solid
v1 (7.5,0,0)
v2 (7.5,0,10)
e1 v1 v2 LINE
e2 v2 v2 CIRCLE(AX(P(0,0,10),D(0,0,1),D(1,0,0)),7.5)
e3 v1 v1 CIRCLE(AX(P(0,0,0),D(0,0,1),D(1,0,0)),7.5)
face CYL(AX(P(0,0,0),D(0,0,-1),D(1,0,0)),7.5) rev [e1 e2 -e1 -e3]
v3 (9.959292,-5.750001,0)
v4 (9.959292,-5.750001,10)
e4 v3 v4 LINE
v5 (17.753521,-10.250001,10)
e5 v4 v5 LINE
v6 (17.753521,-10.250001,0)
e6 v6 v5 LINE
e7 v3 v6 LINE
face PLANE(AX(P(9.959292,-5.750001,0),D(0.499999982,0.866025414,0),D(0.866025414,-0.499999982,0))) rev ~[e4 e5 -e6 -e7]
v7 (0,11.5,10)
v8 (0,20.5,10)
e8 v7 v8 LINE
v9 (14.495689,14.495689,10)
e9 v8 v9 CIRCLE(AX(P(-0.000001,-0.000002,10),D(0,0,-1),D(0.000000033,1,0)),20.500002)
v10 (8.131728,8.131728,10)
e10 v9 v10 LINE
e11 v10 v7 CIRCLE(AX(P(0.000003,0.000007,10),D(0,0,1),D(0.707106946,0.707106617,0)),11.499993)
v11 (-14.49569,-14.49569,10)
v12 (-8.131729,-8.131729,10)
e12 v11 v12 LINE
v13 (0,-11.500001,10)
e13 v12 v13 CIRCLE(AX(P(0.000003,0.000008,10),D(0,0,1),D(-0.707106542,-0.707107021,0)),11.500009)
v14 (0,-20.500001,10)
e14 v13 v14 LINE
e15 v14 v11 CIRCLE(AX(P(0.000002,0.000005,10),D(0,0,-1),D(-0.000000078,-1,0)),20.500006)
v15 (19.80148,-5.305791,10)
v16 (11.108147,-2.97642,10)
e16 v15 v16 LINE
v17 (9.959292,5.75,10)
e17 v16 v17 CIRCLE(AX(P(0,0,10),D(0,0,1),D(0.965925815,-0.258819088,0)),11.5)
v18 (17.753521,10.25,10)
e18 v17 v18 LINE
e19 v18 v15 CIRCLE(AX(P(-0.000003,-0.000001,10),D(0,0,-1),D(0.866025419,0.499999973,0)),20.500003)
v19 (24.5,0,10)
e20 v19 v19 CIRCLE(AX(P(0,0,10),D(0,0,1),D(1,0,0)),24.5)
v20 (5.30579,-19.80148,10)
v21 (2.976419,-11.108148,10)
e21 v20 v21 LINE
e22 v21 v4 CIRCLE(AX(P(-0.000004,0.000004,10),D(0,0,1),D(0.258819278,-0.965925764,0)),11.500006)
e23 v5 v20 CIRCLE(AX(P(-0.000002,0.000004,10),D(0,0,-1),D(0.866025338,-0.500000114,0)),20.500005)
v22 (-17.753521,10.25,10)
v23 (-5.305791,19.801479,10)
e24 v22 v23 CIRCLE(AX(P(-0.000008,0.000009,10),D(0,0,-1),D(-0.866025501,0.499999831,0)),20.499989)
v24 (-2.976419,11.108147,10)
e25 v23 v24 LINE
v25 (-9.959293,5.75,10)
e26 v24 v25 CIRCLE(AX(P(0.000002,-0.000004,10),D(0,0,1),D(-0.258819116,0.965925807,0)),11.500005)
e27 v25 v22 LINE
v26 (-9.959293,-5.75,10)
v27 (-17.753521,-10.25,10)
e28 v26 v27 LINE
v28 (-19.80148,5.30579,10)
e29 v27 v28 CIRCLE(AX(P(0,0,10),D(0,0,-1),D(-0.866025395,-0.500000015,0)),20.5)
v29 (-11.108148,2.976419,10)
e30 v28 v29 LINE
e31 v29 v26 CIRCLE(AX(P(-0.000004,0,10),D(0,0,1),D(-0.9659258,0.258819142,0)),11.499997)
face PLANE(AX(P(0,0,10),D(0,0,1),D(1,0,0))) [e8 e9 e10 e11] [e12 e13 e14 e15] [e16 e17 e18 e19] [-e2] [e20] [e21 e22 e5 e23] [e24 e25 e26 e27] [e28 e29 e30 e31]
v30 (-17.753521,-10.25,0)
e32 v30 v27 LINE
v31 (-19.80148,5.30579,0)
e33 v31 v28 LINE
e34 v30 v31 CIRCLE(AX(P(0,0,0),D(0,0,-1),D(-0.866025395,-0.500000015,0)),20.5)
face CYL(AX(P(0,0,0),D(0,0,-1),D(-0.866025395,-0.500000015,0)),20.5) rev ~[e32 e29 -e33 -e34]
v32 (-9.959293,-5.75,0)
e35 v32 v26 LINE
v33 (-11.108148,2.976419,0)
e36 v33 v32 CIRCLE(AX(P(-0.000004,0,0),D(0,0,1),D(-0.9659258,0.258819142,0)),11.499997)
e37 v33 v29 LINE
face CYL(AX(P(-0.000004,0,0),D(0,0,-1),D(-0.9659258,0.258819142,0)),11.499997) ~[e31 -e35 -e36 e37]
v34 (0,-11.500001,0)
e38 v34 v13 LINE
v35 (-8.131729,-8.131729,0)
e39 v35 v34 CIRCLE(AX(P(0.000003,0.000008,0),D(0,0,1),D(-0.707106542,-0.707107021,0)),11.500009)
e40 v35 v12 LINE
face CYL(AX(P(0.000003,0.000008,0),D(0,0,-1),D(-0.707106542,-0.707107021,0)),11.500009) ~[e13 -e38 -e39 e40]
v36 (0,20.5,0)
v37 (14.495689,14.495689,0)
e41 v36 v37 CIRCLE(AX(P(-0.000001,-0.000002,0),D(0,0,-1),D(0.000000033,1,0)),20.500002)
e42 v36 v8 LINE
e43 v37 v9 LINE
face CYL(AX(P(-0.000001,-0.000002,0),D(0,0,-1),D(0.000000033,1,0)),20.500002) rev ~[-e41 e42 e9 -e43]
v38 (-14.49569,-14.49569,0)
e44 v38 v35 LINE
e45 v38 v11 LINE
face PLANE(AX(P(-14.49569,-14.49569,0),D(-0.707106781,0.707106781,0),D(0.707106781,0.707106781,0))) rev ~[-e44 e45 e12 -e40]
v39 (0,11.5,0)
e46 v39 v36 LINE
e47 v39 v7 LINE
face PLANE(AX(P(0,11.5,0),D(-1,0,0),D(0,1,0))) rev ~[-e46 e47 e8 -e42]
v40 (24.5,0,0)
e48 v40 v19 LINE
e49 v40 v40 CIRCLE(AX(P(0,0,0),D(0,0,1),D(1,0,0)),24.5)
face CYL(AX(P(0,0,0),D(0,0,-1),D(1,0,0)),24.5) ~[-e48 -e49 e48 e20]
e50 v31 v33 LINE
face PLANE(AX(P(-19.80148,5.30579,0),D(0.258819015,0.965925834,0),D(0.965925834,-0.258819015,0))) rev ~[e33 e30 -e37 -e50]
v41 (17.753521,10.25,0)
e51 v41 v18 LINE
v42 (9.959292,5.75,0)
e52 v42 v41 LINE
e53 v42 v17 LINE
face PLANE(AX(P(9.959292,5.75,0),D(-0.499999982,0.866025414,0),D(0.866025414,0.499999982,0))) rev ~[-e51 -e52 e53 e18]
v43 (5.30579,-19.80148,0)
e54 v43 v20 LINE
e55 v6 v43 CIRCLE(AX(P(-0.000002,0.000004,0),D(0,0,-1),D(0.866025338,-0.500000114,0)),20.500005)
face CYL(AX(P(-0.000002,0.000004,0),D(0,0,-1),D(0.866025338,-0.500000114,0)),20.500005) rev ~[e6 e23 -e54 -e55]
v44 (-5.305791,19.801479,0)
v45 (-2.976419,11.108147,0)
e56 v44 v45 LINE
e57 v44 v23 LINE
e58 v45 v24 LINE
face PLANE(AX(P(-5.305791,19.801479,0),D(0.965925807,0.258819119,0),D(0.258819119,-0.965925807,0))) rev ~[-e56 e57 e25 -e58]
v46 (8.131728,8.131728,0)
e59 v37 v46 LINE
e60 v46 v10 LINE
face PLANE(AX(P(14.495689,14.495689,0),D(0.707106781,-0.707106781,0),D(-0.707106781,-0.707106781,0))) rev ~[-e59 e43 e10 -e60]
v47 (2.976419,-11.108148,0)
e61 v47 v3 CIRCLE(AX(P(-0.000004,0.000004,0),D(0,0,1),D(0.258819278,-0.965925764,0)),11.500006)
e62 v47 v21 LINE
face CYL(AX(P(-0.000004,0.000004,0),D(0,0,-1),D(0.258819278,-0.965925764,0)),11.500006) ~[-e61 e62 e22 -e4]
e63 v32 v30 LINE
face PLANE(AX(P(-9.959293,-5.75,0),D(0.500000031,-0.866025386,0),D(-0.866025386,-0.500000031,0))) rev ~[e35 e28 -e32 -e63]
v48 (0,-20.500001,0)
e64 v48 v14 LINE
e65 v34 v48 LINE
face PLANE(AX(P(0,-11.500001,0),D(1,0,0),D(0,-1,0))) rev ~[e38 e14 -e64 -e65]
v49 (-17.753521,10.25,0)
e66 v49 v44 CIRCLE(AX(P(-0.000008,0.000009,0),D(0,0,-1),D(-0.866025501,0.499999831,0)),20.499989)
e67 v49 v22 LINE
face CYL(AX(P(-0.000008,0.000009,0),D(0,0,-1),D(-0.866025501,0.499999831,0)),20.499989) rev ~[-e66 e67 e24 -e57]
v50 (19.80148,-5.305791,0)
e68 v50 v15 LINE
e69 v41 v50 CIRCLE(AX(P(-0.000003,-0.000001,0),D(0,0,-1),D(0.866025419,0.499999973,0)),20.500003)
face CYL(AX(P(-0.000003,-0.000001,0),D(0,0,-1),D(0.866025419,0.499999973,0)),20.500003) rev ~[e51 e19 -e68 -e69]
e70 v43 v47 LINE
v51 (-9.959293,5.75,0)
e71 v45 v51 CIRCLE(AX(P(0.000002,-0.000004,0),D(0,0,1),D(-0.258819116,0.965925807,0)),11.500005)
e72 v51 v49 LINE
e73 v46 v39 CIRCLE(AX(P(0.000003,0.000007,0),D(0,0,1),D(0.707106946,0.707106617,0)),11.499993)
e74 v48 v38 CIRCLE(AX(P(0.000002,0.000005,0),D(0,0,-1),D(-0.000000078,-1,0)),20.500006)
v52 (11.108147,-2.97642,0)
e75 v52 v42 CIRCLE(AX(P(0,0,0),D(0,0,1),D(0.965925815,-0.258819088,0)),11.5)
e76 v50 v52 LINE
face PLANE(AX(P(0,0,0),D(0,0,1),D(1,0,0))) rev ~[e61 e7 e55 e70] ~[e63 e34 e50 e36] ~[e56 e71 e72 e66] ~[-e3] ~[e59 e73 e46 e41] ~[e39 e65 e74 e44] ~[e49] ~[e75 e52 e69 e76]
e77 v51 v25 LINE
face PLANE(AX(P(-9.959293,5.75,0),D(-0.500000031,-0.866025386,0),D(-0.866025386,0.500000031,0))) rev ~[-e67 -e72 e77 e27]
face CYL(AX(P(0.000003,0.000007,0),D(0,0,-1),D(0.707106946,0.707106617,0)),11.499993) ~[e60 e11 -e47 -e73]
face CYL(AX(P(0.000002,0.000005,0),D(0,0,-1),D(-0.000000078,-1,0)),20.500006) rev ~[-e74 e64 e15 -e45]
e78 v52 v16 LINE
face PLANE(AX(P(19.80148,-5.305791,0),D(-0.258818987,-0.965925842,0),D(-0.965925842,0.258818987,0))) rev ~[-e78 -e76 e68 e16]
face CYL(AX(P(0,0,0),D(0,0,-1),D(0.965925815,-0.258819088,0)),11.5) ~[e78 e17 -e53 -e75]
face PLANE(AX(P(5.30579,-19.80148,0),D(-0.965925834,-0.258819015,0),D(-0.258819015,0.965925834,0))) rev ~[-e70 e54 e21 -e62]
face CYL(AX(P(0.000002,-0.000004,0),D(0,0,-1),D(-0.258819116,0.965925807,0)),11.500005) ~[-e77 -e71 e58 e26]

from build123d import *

# Parameters (mm, degrees)
F0_R     = 24.5
F0_R_2   = 7.5
F1_DEPTH = 10


with BuildPart() as f1:
    # F0 (on Top) → F1 (new body)
    with BuildSketch(Plane.XY):
        Circle(F0_R)
        with BuildLine():
            Line((0, -11.500001), (0, -20.500001))
            ThreePointArc((0, -20.500001), (-7.845011, -18.939531), (-14.49569, -14.49569))
            Line((-14.49569, -14.49569), (-8.131729, -8.131729))
            ThreePointArc((-8.131729, -8.131729), (-4.40086, -10.624615), (0, -11.500001))
        make_face(mode=Mode.SUBTRACT)
        with BuildLine():
            Line((-9.959293, -5.75), (-17.753521, -10.25))
            ThreePointArc((-17.753521, -10.25), (-20.32462, -2.675787), (-19.80148, 5.30579))
            Line((-19.80148, 5.30579), (-11.108148, 2.976419))
            ThreePointArc((-11.108148, 2.976419), (-11.401617, -1.501052), (-9.959293, -5.75))
        make_face(mode=Mode.SUBTRACT)
        Circle(F0_R_2, mode=Mode.SUBTRACT)
        with BuildLine():
            Line((9.959292, -5.750001), (17.753521, -10.250001))
            ThreePointArc((17.753521, -10.250001), (12.479609, -16.263744), (5.30579, -19.80148))
            Line((5.30579, -19.80148), (2.976419, -11.108148))
            ThreePointArc((2.976419, -11.108148), (7.000756, -9.123564), (9.959292, -5.750001))
        make_face(mode=Mode.SUBTRACT)
        with BuildLine():
            Line((-9.959293, 5.75), (-17.753521, 10.25))
            ThreePointArc((-17.753521, 10.25), (-12.47961, 16.263744), (-5.305791, 19.801479))
            Line((-5.305791, 19.801479), (-2.976419, 11.108147))
            ThreePointArc((-2.976419, 11.108147), (-7.000757, 9.123563), (-9.959293, 5.75))
        make_face(mode=Mode.SUBTRACT)
        with BuildLine():
            Line((9.959292, 5.75), (17.753521, 10.25))
            ThreePointArc((17.753521, 10.25), (20.32462, 2.675786), (19.80148, -5.305791))
            Line((19.80148, -5.305791), (11.108147, -2.97642))
            ThreePointArc((11.108147, -2.97642), (11.401616, 1.501051), (9.959292, 5.75))
        make_face(mode=Mode.SUBTRACT)
        with BuildLine():
            Line((0, 11.5), (0, 20.5))
            ThreePointArc((0, 20.5), (7.845011, 18.93953), (14.495689, 14.495689))
            Line((14.495689, 14.495689), (8.131728, 8.131728))
            ThreePointArc((8.131728, 8.131728), (4.40086, 10.624615), (0, 11.5))
        make_face(mode=Mode.SUBTRACT)
    extrude(amount=F1_DEPTH)


solid = f1.part
